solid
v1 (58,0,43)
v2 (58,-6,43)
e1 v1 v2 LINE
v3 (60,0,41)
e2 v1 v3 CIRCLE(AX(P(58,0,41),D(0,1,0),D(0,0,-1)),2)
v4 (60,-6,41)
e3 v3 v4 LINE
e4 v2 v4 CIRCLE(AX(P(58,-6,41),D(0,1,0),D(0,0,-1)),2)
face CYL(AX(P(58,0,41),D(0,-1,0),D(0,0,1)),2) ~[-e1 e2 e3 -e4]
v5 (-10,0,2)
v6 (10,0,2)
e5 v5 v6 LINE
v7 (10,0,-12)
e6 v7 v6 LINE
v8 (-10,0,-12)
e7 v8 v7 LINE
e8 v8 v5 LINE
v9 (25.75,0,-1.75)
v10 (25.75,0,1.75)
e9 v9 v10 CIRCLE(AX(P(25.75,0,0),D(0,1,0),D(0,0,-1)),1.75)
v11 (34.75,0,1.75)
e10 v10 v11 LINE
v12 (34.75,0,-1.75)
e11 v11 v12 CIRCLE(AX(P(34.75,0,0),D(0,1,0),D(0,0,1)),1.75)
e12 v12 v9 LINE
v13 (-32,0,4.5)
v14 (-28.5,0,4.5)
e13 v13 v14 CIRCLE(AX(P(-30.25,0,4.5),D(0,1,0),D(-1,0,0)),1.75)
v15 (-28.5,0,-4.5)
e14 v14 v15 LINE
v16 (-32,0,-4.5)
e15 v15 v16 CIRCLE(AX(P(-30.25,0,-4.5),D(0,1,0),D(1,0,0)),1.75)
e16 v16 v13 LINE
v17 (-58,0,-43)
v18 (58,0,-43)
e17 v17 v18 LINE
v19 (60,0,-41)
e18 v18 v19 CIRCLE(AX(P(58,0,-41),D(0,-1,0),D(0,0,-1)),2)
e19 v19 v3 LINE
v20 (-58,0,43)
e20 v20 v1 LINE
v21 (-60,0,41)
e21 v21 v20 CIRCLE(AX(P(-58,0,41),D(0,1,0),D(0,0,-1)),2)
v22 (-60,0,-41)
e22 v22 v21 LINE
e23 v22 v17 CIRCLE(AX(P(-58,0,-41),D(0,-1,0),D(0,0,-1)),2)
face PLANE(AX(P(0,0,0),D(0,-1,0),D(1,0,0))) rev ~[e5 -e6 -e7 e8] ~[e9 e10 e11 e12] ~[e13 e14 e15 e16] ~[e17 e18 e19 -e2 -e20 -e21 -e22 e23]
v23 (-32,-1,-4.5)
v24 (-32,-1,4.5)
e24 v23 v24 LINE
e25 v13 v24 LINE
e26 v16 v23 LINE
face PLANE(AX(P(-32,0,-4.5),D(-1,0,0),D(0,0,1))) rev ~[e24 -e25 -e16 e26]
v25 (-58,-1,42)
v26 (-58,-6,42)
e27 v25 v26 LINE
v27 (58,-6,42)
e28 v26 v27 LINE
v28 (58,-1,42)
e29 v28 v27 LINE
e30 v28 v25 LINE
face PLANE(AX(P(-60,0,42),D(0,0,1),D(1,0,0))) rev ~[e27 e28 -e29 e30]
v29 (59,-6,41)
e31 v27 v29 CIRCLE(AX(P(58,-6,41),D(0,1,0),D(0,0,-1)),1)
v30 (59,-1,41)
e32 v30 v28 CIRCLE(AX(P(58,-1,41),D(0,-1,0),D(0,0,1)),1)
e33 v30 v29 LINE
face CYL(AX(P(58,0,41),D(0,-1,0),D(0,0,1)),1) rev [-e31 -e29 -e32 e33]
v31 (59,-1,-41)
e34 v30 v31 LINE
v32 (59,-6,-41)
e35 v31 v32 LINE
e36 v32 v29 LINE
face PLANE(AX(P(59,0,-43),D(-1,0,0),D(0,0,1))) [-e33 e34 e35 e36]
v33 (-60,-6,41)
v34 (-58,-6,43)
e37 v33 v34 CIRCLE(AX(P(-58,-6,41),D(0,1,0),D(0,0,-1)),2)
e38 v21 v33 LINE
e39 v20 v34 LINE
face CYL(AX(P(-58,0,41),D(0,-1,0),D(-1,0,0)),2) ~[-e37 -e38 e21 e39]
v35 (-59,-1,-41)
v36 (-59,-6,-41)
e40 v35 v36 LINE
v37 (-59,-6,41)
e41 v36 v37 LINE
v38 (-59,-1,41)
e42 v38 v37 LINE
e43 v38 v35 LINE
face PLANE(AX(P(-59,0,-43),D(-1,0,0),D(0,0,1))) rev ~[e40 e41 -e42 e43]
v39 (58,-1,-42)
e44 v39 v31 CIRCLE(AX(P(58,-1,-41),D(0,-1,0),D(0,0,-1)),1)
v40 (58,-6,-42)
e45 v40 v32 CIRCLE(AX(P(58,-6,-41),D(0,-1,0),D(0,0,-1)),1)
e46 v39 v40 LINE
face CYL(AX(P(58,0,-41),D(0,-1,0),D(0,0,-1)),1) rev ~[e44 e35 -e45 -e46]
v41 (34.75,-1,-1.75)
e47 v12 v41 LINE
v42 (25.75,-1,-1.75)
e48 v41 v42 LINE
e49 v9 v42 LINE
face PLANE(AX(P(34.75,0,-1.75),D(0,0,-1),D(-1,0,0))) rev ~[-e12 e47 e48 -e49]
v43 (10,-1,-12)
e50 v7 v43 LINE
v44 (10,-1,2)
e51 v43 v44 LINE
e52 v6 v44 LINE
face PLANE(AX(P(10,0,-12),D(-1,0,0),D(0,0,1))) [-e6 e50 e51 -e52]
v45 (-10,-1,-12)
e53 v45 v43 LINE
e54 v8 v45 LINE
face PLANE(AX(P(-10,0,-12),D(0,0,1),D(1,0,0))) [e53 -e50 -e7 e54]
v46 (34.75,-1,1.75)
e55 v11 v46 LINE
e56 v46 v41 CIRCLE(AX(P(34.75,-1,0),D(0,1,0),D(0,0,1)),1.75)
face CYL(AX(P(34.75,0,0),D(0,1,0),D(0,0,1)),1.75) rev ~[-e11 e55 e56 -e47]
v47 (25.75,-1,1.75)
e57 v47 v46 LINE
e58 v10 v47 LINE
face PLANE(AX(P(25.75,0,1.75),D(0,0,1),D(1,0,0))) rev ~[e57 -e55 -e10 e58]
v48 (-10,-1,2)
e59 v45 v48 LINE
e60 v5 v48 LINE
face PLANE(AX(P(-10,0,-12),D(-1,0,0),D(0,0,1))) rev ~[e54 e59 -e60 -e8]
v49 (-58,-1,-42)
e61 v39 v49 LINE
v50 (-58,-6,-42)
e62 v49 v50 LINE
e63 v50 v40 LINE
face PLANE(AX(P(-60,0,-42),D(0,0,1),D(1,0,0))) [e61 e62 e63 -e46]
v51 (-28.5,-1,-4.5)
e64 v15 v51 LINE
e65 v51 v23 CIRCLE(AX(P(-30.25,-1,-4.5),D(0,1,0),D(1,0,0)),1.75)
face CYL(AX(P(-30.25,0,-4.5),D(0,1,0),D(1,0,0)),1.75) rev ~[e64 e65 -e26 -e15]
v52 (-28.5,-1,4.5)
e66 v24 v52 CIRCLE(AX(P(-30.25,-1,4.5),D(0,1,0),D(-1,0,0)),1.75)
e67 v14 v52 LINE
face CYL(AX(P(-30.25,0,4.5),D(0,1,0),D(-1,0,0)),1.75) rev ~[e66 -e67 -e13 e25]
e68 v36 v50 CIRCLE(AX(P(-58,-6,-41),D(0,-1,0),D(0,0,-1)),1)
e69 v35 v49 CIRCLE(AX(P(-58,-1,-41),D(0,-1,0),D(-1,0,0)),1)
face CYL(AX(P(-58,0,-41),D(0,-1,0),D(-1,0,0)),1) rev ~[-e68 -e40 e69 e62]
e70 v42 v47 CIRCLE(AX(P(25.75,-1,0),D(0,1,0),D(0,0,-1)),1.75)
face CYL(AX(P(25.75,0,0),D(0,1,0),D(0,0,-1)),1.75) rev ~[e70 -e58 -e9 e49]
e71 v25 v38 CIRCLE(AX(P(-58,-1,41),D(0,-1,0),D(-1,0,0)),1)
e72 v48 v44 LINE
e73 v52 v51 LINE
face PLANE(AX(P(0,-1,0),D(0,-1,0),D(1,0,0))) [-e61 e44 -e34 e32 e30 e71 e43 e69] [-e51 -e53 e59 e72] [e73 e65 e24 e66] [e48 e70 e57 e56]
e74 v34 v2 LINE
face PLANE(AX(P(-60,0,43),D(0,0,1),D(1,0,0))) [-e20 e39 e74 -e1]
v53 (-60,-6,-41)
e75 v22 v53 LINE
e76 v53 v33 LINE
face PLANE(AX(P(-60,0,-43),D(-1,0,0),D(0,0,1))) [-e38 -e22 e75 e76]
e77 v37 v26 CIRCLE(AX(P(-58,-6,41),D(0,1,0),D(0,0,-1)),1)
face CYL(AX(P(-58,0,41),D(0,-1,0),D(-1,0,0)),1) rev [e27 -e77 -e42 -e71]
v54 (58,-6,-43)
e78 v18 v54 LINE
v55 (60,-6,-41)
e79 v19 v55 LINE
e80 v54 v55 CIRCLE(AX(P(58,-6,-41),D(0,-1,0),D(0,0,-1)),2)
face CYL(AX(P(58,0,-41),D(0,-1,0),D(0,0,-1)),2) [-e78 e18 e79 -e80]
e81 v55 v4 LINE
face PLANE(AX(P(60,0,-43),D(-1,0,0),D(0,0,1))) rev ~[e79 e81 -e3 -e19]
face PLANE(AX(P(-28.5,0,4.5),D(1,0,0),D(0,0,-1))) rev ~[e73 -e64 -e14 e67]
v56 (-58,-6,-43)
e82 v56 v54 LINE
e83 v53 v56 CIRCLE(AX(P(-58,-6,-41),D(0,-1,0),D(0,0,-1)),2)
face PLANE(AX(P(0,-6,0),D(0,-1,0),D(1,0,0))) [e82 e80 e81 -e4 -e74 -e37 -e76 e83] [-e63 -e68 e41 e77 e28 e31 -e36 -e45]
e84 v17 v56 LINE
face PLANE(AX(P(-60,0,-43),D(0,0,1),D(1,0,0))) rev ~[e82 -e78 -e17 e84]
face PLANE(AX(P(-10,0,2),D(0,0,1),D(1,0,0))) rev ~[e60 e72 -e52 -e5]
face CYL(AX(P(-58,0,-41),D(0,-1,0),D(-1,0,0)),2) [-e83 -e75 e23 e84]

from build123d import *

# Parameters (mm, degrees)
F0_W     = 120
F0_H     = 86
F0_W_2   = 20
F0_H_2   = 14
F1_DEPTH = 6
F2_R     = 2
F3_T     = -1


with BuildPart() as f1:
    # F0 (on Front) → F1 (new body)
    with BuildSketch(Plane.XZ):
        Rectangle(F0_W, F0_H)
        with Locations((0, -5)):
            Rectangle(F0_W_2, F0_H_2, mode=Mode.SUBTRACT)
        with BuildLine():
            Line((-28.5, 4.5), (-28.5, -4.5))
            ThreePointArc((-28.5, -4.5), (-30.25, -6.25), (-32, -4.5))
            Line((-32, -4.5), (-32, 4.5))
            ThreePointArc((-32, 4.5), (-30.25, 6.25), (-28.5, 4.5))
        make_face(mode=Mode.SUBTRACT)
        with BuildLine():
            Line((34.75, -1.75), (25.75, -1.75))
            ThreePointArc((25.75, -1.75), (24, 0), (25.75, 1.75))
            Line((25.75, 1.75), (34.75, 1.75))
            ThreePointArc((34.75, 1.75), (36.5, 0), (34.75, -1.75))
        make_face(mode=Mode.SUBTRACT)
    extrude(amount=F1_DEPTH)

    # F2
    f2_edges = [f1.edges().sort_by_distance(p)[0] for p in [
        (-60, -3, -43),
        (-60, -3, 43),
        (60, -3, 43),
        (60, -3, -43),
    ]]
    fillet(f2_edges, radius=F2_R)

    # F3
    f3_openings = [f1.faces().sort_by_distance(p)[0] for p in [
        (-28.5, -3, 0),
        (-30.25, -3, 6.25),
        (-32, -3, 0),
        (-30.25, -3, -6.25),
        (10, -3, -5),
        (0, -3, 2),
        (58.523653, -6, 0),
        (0, -3, -12),
        (-10, -3, -5),
        (30.25, -3, 1.75),
        (36.5, -3, 0),
        (24, -3, 0),
        (30.25, -3, -1.75),
    ]]
    offset(amount=F3_T, openings=f3_openings)


solid = f1.part
